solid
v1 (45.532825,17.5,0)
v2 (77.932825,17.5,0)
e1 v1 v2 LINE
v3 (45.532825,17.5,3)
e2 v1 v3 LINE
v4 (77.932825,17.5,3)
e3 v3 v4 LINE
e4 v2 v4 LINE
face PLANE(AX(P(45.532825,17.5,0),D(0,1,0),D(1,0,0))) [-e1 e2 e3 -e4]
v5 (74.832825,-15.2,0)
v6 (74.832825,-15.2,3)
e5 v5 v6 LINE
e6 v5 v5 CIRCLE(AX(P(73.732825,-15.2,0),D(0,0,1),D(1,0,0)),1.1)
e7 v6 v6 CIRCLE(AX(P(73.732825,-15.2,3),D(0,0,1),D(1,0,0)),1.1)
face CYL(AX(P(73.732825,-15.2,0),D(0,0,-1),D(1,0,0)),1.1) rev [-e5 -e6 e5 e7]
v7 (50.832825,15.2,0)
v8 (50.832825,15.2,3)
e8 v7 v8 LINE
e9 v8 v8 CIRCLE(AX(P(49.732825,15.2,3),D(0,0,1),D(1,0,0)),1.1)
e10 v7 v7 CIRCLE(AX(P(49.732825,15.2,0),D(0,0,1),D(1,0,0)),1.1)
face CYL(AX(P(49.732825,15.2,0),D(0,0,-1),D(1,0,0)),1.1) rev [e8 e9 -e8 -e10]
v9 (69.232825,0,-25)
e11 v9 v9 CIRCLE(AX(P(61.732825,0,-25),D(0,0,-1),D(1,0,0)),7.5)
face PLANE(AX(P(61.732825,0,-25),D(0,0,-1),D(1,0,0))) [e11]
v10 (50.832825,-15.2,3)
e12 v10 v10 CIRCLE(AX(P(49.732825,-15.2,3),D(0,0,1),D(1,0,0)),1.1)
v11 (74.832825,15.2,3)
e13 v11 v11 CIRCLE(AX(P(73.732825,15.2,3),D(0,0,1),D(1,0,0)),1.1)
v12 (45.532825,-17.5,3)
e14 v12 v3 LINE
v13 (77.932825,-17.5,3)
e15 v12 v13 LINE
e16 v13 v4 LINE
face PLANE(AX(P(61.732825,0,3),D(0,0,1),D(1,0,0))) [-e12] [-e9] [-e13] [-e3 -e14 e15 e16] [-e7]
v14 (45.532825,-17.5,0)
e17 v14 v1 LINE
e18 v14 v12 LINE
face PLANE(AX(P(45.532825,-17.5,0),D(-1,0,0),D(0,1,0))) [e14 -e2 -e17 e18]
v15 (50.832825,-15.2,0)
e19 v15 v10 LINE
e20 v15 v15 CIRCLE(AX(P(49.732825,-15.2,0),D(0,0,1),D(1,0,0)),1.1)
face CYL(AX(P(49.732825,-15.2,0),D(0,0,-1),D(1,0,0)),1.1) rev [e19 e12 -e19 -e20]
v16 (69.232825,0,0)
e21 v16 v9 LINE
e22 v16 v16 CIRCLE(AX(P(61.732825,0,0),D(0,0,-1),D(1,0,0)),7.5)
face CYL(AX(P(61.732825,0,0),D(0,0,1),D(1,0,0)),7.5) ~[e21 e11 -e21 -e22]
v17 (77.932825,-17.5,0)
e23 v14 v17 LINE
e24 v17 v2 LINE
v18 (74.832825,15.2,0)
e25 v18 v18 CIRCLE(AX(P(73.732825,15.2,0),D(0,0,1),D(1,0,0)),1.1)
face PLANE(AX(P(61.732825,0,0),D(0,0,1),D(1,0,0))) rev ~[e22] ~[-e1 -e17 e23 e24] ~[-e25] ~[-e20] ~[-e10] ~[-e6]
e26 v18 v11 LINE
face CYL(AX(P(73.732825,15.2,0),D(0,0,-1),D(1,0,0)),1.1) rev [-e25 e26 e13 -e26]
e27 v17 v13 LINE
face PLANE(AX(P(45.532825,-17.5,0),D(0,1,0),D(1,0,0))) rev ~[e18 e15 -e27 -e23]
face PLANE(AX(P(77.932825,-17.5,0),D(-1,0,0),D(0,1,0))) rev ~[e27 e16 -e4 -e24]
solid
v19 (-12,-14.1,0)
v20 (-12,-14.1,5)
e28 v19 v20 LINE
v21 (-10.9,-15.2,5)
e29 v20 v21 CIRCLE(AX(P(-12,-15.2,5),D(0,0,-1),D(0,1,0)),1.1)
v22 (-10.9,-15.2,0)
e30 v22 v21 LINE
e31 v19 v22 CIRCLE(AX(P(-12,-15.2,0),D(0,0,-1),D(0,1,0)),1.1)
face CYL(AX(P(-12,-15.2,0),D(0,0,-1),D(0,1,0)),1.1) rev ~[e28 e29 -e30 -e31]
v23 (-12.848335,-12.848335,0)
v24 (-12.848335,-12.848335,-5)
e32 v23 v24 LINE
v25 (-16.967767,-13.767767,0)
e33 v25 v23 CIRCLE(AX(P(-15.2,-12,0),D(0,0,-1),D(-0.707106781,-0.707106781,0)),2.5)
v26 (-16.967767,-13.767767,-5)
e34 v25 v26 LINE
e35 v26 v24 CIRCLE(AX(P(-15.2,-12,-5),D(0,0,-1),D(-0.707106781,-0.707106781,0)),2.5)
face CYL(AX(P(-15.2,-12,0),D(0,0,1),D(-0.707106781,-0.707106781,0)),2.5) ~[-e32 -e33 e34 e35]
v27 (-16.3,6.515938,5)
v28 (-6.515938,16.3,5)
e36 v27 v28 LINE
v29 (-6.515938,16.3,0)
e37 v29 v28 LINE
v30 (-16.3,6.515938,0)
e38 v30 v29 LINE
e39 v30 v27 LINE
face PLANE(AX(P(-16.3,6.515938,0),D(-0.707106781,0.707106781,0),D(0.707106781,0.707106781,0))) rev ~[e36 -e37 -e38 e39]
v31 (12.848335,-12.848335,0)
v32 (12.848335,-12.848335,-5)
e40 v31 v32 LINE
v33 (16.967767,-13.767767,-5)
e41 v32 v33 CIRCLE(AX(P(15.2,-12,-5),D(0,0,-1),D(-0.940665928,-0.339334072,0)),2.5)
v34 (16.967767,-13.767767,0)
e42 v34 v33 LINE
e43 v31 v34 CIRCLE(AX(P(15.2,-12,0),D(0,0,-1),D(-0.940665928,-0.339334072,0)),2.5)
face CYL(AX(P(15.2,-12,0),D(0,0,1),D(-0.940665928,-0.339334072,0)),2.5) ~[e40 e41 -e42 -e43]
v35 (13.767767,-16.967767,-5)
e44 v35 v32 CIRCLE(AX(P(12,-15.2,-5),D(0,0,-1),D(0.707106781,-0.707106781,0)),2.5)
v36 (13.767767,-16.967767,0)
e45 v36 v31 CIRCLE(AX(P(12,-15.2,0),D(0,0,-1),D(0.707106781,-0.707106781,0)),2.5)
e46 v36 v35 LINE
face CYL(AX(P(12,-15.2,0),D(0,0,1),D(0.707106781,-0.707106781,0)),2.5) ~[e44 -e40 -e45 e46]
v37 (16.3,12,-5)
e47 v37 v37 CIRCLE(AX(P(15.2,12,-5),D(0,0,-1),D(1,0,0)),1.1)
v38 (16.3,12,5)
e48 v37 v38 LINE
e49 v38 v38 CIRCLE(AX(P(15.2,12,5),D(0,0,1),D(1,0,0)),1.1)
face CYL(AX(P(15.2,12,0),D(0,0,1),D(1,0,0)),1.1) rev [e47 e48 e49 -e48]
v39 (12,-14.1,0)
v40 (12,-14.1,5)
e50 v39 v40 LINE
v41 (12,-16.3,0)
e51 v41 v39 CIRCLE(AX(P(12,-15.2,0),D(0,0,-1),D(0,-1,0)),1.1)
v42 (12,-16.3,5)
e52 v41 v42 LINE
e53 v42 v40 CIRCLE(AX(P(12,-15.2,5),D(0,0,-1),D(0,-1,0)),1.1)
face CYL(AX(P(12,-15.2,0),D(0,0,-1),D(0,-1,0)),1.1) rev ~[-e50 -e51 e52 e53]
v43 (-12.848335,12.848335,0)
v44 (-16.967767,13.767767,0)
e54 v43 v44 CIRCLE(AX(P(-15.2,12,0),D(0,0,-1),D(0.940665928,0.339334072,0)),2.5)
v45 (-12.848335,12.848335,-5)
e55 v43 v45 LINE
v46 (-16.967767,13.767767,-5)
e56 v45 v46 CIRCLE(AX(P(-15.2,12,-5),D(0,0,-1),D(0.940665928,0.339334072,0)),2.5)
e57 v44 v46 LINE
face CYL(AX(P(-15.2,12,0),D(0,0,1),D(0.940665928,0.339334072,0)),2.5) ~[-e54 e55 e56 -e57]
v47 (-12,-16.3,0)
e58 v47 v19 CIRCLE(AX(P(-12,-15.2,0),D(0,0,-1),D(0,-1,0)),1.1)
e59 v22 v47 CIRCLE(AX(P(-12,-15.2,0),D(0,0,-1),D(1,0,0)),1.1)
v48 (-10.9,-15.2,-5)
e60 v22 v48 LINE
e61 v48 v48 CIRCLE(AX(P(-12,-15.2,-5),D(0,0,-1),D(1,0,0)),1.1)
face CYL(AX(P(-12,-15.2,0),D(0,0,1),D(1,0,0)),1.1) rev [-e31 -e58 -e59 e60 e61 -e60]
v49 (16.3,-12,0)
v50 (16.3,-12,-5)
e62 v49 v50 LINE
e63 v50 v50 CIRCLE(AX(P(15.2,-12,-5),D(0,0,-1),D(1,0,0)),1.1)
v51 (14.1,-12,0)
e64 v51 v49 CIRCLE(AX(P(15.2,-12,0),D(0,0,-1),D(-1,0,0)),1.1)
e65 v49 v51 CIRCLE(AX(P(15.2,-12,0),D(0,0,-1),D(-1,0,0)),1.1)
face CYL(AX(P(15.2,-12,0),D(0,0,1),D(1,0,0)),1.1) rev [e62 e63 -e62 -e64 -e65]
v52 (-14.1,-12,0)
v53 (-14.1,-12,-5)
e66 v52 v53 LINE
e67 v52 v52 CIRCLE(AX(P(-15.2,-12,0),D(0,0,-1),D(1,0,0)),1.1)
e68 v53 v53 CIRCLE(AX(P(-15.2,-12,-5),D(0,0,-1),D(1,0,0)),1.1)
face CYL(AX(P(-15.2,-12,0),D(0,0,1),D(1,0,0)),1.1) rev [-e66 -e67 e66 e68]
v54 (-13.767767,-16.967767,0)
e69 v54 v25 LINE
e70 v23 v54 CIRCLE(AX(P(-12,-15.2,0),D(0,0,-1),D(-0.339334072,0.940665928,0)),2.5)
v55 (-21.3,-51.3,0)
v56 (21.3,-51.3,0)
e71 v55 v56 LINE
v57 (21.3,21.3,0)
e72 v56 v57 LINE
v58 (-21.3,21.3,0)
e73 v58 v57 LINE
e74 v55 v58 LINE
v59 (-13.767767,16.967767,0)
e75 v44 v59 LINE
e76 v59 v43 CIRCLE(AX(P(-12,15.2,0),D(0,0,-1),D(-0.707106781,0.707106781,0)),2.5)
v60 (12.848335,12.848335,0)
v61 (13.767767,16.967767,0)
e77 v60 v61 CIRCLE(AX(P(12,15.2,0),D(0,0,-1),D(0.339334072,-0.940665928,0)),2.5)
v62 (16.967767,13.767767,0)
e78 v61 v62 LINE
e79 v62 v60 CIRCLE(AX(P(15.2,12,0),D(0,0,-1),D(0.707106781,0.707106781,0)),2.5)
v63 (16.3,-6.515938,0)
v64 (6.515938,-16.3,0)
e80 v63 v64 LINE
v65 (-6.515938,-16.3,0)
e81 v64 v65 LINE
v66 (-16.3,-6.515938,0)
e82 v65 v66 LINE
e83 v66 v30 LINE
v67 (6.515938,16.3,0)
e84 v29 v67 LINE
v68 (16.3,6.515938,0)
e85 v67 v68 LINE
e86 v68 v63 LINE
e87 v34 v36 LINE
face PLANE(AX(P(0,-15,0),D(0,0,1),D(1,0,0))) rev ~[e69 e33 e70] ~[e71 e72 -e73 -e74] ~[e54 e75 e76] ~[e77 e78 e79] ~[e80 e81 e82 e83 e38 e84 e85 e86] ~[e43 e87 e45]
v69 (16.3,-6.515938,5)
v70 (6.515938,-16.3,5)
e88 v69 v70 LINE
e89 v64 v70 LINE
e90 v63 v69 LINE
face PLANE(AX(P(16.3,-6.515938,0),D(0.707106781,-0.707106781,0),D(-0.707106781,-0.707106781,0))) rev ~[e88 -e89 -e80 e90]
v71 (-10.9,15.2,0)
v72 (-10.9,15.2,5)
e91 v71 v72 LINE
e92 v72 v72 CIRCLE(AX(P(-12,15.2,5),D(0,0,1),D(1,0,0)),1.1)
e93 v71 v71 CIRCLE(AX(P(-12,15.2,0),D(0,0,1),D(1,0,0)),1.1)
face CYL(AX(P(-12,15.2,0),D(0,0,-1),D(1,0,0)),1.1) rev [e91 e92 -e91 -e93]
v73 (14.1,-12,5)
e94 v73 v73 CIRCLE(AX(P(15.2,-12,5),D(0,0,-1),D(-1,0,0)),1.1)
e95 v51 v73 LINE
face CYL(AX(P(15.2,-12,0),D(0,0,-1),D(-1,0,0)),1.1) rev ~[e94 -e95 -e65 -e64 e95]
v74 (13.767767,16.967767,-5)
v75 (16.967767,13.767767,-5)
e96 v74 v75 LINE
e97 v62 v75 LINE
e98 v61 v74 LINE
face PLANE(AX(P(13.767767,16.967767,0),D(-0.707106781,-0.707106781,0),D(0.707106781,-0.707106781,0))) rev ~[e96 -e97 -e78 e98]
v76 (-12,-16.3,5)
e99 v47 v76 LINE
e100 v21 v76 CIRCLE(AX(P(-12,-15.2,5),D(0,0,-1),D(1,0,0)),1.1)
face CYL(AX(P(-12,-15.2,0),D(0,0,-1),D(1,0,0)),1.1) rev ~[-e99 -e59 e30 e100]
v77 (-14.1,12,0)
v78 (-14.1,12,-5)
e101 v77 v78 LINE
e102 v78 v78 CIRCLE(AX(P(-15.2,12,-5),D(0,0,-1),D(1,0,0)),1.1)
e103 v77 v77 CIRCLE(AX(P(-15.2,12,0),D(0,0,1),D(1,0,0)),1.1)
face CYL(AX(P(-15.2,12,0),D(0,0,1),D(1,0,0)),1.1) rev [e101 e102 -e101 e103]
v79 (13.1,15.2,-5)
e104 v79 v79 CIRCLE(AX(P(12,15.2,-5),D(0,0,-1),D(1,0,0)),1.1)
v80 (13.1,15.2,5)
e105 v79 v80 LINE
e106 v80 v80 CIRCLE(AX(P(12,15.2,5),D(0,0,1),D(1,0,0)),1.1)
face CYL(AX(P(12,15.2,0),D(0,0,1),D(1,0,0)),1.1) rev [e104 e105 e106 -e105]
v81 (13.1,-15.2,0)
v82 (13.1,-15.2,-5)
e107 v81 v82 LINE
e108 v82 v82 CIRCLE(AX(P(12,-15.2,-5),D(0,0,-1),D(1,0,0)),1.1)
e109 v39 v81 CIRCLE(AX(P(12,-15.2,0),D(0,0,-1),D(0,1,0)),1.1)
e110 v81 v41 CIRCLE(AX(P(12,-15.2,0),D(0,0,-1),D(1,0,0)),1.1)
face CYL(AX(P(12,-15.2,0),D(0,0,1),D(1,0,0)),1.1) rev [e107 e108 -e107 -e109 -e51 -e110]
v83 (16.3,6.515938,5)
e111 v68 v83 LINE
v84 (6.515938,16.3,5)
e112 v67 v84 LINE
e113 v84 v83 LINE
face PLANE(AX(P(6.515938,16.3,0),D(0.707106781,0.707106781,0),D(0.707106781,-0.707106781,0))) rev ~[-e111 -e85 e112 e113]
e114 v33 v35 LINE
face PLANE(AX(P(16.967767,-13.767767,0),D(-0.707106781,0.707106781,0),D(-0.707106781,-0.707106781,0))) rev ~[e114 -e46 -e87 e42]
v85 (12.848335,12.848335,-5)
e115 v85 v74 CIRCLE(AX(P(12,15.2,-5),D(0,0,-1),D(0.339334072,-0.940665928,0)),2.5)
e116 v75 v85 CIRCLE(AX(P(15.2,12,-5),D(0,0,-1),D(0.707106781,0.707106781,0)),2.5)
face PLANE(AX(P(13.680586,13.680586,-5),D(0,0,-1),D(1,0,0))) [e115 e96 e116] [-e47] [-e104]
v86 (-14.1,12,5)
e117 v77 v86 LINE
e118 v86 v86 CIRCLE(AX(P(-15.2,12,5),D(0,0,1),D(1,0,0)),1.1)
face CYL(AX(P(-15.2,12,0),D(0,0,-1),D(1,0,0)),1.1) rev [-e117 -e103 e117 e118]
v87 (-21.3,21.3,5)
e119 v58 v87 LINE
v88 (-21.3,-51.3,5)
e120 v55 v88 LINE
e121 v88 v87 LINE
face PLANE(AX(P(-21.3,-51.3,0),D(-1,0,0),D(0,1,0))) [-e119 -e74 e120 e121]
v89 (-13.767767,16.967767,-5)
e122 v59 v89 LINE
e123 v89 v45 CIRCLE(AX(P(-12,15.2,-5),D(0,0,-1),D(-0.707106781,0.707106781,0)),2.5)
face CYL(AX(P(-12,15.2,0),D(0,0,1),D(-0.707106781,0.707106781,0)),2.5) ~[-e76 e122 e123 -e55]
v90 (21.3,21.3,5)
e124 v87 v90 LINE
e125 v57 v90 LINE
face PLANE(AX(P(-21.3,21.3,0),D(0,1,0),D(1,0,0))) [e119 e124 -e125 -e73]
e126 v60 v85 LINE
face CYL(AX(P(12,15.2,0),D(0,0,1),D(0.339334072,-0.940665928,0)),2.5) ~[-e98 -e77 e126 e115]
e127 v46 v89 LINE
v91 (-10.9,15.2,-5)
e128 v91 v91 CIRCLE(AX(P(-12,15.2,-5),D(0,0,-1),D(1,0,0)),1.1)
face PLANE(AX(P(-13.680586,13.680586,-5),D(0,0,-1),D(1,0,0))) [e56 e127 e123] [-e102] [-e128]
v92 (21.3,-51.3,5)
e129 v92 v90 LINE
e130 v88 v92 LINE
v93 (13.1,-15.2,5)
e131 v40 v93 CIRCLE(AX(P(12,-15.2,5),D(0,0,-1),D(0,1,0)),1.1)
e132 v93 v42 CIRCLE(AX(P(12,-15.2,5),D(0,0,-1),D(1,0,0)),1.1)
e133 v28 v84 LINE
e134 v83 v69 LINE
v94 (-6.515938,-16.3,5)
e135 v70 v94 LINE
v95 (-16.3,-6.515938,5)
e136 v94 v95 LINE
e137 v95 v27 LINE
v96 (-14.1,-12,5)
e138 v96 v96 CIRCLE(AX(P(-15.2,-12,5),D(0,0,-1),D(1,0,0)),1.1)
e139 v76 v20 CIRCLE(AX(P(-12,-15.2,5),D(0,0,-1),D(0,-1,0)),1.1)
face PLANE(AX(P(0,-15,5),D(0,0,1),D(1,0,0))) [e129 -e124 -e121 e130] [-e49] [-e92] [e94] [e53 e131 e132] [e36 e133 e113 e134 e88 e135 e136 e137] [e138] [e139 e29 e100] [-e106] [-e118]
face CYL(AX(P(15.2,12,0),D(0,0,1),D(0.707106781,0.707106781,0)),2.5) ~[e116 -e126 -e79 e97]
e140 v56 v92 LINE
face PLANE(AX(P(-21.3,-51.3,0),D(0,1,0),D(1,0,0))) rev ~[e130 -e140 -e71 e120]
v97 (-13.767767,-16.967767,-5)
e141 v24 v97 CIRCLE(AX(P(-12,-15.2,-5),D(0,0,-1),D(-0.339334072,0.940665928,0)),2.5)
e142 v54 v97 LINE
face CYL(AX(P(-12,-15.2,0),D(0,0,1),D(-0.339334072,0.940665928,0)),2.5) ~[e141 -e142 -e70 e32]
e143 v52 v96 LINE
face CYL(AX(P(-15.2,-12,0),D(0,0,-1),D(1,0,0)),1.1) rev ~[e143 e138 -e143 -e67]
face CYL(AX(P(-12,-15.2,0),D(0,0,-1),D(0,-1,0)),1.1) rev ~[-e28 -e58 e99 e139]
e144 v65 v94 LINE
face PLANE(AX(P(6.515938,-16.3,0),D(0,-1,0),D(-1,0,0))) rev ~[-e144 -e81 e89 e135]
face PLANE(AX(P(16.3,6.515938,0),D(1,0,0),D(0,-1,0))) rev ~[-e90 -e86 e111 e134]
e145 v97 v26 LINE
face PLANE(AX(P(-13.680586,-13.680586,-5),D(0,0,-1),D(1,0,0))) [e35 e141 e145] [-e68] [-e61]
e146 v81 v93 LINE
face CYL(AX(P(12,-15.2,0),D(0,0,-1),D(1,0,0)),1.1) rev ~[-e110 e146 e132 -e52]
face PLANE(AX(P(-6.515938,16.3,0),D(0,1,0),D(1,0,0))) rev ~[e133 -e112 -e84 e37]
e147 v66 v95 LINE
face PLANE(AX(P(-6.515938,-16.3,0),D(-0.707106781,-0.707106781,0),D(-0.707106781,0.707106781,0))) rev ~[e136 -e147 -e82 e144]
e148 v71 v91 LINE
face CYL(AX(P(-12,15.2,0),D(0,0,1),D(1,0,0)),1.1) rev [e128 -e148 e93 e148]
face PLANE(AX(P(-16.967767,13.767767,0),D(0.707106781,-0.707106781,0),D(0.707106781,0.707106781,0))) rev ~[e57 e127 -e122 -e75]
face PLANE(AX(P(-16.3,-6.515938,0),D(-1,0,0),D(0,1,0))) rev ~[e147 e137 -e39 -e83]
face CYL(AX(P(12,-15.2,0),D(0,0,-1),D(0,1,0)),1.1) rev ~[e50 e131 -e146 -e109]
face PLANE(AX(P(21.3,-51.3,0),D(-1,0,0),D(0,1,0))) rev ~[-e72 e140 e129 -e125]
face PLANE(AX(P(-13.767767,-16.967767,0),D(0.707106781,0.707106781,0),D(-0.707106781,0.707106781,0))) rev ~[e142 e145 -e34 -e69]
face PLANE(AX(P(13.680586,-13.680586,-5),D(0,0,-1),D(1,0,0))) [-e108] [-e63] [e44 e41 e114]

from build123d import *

# Parameters (mm, degrees)
F1_W     = 42.6
F1_H     = 72.6
F1_R     = 1.1
F2_DEPTH = 5
F3_R     = 1.1
F4_DEPTH = 5
F5_W     = 32.4
F5_H     = 35
F5_R     = 1.1
F6_DEPTH = 3
F7_R     = 7.5
F8_DEPTH = 25


with BuildPart() as f2:
    # F1 (on Top) → F2 (new body)
    with BuildSketch(Plane.XY):
        with Locations((0, -15)):
            Rectangle(F1_W, F1_H)
        with BuildLine():
            ThreePointArc((-10.9, -15.2), (-11.2221825407, -15.9778174593), (-12, -16.3))
            ThreePointArc((-12, -16.3), (-13.1, -15.2), (-12, -14.1))
            ThreePointArc((-12, -14.1), (-11.2221825407, -14.4221825407), (-10.9, -15.2))
        make_face(mode=Mode.SUBTRACT)
        with BuildLine():
            ThreePointArc((13.1, -15.2), (12.7778174593, -15.9778174593), (12, -16.3))
            ThreePointArc((12, -16.3), (10.9, -15.2), (12, -14.1))
            ThreePointArc((12, -14.1), (12.7778174593, -14.4221825407), (13.1, -15.2))
        make_face(mode=Mode.SUBTRACT)
        with BuildLine():
            ThreePointArc((-16.3, -12), (-15.2, -10.9), (-14.1, -12))
            ThreePointArc((-14.1, -12), (-15.2, -13.1), (-16.3, -12))
        make_face(mode=Mode.SUBTRACT)
        with Locations((-15.2, 12)):
            Circle(F1_R, mode=Mode.SUBTRACT)
        with Locations((-12, 15.2)):
            Circle(F1_R, mode=Mode.SUBTRACT)
        Polygon((-16.3, 6.5159379566), (-6.5159379566, 16.3), (0, 16.3), (6.5159379566, 16.3), (16.3, 6.5159379566), (16.3, 0), (16.3, -6.5159379566), (6.5159379566, -16.3), (0, -16.3), (-6.5159379566, -16.3), (-16.3, -6.5159379566), (-16.3, 0), align=None, mode=Mode.SUBTRACT)
        with BuildLine():
            ThreePointArc((16.3, -12), (15.2, -13.1), (14.1, -12))
            ThreePointArc((14.1, -12), (15.2, -10.9), (16.3, -12))
        make_face(mode=Mode.SUBTRACT)
        with Locations((15.2, 12)):
            Circle(F1_R, mode=Mode.SUBTRACT)
        with Locations((12, 15.2)):
            Circle(F1_R, mode=Mode.SUBTRACT)
    extrude(amount=F2_DEPTH)

    # F3 (on face) → F4 (join)
    with BuildSketch(Plane(origin=(0, 0, 0), x_dir=(1, 0, 0), z_dir=(0, 0, -1))):
        with BuildLine():
            ThreePointArc((16.967766953, -13.767766953), (15.7445850487, -9.5600354255), (12.8483351811, -12.8483351811))
            ThreePointArc((12.8483351811, -12.8483351811), (9.5600354255, -15.7445850487), (13.767766953, -16.967766953))
            Line((13.767766953, -16.967766953), (16.967766953, -13.767766953))
        make_face()
        with Locations((12, -15.2)):
            Circle(F3_R, mode=Mode.SUBTRACT)
        with Locations((15.2, -12)):
            Circle(F3_R, mode=Mode.SUBTRACT)
        with BuildLine():
            Line((-16.967766953, -13.767766953), (-13.767766953, -16.967766953))
            ThreePointArc((-13.767766953, -16.967766953), (-9.5600354255, -15.7445850487), (-12.8483351811, -12.8483351811))
            ThreePointArc((-12.8483351811, -12.8483351811), (-15.7445850487, -9.5600354255), (-16.967766953, -13.767766953))
        make_face()
        with Locations((-12, -15.2)):
            Circle(F3_R, mode=Mode.SUBTRACT)
        with Locations((-15.2, -12)):
            Circle(F3_R, mode=Mode.SUBTRACT)
        with BuildLine():
            ThreePointArc((12.8483351811, 12.8483351811), (15.7445850487, 9.5600354255), (16.967766953, 13.767766953))
            Line((16.967766953, 13.767766953), (13.767766953, 16.967766953))
            ThreePointArc((13.767766953, 16.967766953), (9.5600354255, 15.7445850487), (12.8483351811, 12.8483351811))
        make_face()
        with Locations((15.2, 12)):
            Circle(F3_R, mode=Mode.SUBTRACT)
        with Locations((12, 15.2)):
            Circle(F3_R, mode=Mode.SUBTRACT)
        with BuildLine():
            ThreePointArc((-16.967766953, 13.767766953), (-15.7445850487, 9.5600354255), (-12.8483351811, 12.8483351811))
            ThreePointArc((-12.8483351811, 12.8483351811), (-9.5600354255, 15.7445850487), (-13.767766953, 16.967766953))
            Line((-13.767766953, 16.967766953), (-16.967766953, 13.767766953))
        make_face()
        with Locations((-15.2, 12)):
            Circle(F3_R, mode=Mode.SUBTRACT)
        with Locations((-12, 15.2)):
            Circle(F3_R, mode=Mode.SUBTRACT)
    extrude(amount=F4_DEPTH)


with BuildPart() as f6:
    # F5 (on Top) → F6 (new body)
    with BuildSketch(Plane.XY):
        with Locations((61.7328245704, 0)):
            Rectangle(F5_W, F5_H)
        with Locations((49.7328245704, -15.2)):
            Circle(F5_R, mode=Mode.SUBTRACT)
        with Locations((73.7328245704, -15.2)):
            Circle(F5_R, mode=Mode.SUBTRACT)
        with Locations((49.7328245704, 15.2)):
            Circle(F5_R, mode=Mode.SUBTRACT)
        with Locations((73.7328245704, 15.2)):
            Circle(F5_R, mode=Mode.SUBTRACT)
    extrude(amount=F6_DEPTH)

    # F7 (on face) → F8 (join)
    with BuildSketch(Plane(origin=(0, 0, 0), x_dir=(1, 0, 0), z_dir=(0, 0, -1))):
        with Locations((61.7328245704, 0)):
            Circle(F7_R)
    extrude(amount=F8_DEPTH)


solid = Compound([f2.part, f6.part])
